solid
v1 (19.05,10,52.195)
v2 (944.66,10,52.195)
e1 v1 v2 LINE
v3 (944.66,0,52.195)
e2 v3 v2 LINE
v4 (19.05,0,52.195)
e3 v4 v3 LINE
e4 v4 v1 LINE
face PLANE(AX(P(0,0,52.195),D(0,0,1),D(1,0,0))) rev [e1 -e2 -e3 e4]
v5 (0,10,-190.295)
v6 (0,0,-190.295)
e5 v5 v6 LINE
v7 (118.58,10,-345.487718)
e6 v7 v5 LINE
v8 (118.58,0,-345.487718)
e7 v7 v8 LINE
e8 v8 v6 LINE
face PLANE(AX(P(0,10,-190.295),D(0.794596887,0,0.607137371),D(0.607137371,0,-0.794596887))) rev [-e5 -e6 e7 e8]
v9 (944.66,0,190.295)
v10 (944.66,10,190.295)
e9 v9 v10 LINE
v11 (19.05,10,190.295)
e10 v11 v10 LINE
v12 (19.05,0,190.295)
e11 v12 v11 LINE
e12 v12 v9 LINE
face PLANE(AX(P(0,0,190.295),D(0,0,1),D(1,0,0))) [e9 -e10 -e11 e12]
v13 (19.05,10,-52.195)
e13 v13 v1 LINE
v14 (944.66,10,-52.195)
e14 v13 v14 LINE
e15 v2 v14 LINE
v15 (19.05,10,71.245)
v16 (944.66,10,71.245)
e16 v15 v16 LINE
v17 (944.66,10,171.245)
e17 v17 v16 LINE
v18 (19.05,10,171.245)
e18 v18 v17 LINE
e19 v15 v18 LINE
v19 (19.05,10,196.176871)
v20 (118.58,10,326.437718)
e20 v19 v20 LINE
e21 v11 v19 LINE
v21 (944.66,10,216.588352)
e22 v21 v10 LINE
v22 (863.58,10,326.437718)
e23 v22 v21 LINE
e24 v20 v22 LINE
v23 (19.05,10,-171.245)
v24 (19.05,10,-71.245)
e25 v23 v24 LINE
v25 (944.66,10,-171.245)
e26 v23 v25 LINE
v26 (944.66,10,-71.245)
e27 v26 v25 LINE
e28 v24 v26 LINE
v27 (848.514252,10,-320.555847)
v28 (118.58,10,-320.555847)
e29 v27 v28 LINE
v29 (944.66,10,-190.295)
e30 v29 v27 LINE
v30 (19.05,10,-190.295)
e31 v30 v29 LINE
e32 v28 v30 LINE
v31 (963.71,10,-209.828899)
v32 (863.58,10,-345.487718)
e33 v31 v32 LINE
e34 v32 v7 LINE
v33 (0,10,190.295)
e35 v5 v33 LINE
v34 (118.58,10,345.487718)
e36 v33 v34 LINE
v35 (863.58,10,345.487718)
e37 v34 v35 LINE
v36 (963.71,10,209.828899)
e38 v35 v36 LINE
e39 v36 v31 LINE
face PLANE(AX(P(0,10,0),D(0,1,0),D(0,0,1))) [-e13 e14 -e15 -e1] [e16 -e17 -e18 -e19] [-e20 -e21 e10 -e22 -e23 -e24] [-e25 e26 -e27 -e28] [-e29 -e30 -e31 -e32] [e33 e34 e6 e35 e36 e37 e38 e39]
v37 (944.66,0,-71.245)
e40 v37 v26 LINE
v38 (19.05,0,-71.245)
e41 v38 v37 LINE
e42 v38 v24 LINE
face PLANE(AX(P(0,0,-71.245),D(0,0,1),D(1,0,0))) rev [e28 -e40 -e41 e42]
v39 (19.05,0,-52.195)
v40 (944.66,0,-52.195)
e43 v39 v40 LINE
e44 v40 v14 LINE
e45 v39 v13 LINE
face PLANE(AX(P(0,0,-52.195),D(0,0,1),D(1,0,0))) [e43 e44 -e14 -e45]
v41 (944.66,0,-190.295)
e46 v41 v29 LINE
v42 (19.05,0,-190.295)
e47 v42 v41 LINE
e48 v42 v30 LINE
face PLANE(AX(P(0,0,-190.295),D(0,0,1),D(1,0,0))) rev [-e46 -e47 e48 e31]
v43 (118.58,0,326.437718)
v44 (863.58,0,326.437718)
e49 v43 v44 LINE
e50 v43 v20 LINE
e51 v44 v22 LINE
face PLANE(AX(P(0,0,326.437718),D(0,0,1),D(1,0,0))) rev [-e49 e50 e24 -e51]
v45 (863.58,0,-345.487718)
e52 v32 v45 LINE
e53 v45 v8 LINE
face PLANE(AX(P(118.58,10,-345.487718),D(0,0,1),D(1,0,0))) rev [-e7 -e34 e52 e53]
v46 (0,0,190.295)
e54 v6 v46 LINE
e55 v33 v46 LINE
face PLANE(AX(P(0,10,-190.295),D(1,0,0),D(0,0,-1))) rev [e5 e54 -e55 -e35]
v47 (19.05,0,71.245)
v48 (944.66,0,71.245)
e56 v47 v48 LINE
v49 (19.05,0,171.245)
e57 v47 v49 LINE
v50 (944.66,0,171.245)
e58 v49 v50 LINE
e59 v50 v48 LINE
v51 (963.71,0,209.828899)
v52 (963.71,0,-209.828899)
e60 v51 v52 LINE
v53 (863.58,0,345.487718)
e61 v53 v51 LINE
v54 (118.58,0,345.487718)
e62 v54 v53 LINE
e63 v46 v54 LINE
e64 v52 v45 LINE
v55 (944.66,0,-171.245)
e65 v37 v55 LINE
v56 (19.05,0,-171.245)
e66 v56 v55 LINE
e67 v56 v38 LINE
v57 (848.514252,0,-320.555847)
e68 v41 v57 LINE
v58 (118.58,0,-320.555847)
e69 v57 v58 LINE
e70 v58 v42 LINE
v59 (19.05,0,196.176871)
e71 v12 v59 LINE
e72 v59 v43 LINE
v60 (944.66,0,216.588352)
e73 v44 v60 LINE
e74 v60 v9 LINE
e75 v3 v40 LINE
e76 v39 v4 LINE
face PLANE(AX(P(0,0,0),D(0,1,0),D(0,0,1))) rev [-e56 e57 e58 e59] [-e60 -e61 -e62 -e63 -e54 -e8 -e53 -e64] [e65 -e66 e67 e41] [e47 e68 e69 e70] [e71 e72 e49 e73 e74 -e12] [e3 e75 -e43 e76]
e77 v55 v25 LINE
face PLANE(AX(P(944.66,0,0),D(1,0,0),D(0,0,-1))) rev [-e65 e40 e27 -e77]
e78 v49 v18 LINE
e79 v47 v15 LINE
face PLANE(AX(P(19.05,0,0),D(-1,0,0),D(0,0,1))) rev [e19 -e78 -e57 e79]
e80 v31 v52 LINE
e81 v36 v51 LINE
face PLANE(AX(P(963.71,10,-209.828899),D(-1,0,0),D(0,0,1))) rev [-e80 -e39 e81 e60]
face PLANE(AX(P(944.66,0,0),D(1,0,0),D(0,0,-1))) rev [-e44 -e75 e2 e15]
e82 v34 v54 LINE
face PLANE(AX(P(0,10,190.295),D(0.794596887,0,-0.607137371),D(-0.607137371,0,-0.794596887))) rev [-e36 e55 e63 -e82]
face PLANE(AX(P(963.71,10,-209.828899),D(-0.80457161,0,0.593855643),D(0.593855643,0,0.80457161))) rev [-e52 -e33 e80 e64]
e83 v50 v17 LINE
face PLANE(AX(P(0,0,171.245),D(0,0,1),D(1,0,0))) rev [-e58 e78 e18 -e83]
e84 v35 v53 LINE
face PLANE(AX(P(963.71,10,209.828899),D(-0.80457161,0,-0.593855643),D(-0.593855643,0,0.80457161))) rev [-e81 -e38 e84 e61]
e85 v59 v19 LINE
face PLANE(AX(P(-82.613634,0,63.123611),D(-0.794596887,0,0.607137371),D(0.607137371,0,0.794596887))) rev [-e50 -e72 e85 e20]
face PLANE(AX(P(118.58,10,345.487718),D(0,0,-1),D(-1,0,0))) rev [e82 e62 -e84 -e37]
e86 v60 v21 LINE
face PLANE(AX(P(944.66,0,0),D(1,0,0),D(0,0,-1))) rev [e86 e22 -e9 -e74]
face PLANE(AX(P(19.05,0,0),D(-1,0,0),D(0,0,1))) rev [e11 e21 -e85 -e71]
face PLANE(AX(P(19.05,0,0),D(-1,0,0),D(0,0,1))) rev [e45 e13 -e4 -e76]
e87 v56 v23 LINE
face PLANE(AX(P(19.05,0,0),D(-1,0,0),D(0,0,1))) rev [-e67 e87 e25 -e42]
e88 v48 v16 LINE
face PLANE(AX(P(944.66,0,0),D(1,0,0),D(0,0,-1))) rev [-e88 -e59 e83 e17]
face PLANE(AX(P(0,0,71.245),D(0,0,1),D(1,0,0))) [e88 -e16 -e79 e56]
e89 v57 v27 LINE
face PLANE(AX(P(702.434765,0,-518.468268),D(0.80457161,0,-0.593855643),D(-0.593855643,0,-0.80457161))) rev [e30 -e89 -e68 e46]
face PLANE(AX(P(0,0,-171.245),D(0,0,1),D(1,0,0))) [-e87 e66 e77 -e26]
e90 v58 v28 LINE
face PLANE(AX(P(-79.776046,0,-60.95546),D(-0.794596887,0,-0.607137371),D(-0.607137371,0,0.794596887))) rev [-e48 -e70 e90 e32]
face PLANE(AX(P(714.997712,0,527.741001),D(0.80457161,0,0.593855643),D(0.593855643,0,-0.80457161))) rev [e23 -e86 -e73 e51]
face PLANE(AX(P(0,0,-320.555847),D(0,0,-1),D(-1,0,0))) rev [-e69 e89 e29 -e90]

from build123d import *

# Parameters (mm, degrees)
BOSS_EXTRUDE1_DEPTH = 10
CUT_EXTRUDE1_DEPTH  = 10
BOSS_EXTRUDE3_START = -20
SKETCH7_W           = 80
SKETCH7_H           = 80
BOSS_EXTRUDE3_DEPTH = 30
SKETCH8_W           = 925.61
SKETCH8_H           = 100
SKETCH8_H_2         = 104.39
SKETCH8_W_2         = 80
SKETCH8_H_3         = 80
CUT_EXTRUDE6_DEPTH  = 10


with BuildPart() as part:
    # Sketch2 → Boss-Extrude1 (new body)
    with BuildSketch(Plane(origin=(0, 0, 0), x_dir=(1, 0, 0), z_dir=(0, 1, 0))):
        Polygon((118.58, 345.487717935), (863.58, 345.487717935), (963.71, 209.828898833), (963.71, -209.828898833), (863.58, -345.487717935), (118.58, -345.487717935), (0, -190.295), (0, 190.295), align=None)
    extrude(amount=BOSS_EXTRUDE1_DEPTH)

    # Sketch3 → Cut-Extrude1 (cut)
    with BuildSketch(Plane(origin=(0, 10, 0), x_dir=(1, 0, 0), z_dir=(0, 1, 0))):
        with BuildLine():
            Line((340, -245.487717935), (340, -279.772016162))
            Line((340, -279.772016162), (341.671796469, -281.959995904))
            ThreePointArc((341.671796469, -281.959995904), (371.660256421, -306.647976918), (409.484364019, -315.487717935))
            Line((409.484364019, -315.487717935), (542.385502063, -315.487717935))
            Line((542.385502063, -315.487717935), (542.385502063, -245.487717935))
            Line((542.385502063, -245.487717935), (340, -245.487717935))
        make_face()
    cut_extrude1 = extrude(amount=-CUT_EXTRUDE1_DEPTH, mode=Mode.SUBTRACT)

    # Sketch7 → Boss-Extrude3 (add)
    with BuildSketch(Plane(origin=(0, 10, 0), x_dir=(1, 0, 0), z_dir=(0, 1, 0)).offset(BOSS_EXTRUDE3_START)):
        with Locations((89.309431631, -0.676064103)):
            Rectangle(SKETCH7_W, SKETCH7_H)
    boss_extrude3 = extrude(amount=BOSS_EXTRUDE3_DEPTH)

    # Mirror2: Boss-Extrude3 across plane
    add(boss_extrude3.mirror(Plane.ZY.offset(-481.855)))

    # Mirror3: Cut-Extrude1 across plane
    add(cut_extrude1.mirror(Plane.XY), mode=Mode.SUBTRACT)

    # Sketch8 → Cut-Extrude6 (cut)
    with BuildSketch(Plane(origin=(0, 10, 0), x_dir=(1, 0, 0), z_dir=(0, 1, 0))):
        Polygon((848.514252318, 320.555846821), (118.58, 320.555846821), (19.05, 190.295), (944.66, 190.295), align=None)
        with BuildLine():
            Line((409.484364019, 315.487717935), (542.385502063, 315.487717935))
            Line((542.385502063, 315.487717935), (542.385502063, 245.487717935))
            Line((542.385502063, 245.487717935), (340, 245.487717935))
            Line((340, 245.487717935), (340, 279.772016162))
            Line((340, 279.772016162), (341.671796469, 281.959995904))
            ThreePointArc((341.671796469, 281.959995904), (371.660256421, 306.647976918), (409.484364019, 315.487717935))
        make_face(mode=Mode.SUBTRACT)
        with Locations((481.855, 121.245)):
            Rectangle(SKETCH8_W, SKETCH8_H)
        with Locations((481.855, 0)):
            Rectangle(SKETCH8_W, SKETCH8_H_2)
        with Locations((89.309431631, -0.676064103)):
            Rectangle(SKETCH8_W_2, SKETCH8_H_3, mode=Mode.SUBTRACT)
        with Locations((874.400568369, -0.676064103)):
            Rectangle(SKETCH8_W_2, SKETCH8_H_3, mode=Mode.SUBTRACT)
        with Locations((481.855, -121.245)):
            Rectangle(SKETCH8_W, SKETCH8_H)
        Polygon((944.66, -190.295), (19.05, -190.295), (19.05, -196.176871114), (118.58, -326.437717935), (863.58, -326.437717935), (944.66, -216.588351584), align=None)
        with BuildLine():
            Line((340, -279.772016162), (340, -245.487717935))
            Line((340, -245.487717935), (542.385502063, -245.487717935))
            Line((542.385502063, -245.487717935), (542.385502063, -315.487717935))
            Line((542.385502063, -315.487717935), (409.484364019, -315.487717935))
            ThreePointArc((409.484364019, -315.487717935), (371.660256421, -306.647976918), (341.671796469, -281.959995904))
            Line((341.671796469, -281.959995904), (340, -279.772016162))
        make_face(mode=Mode.SUBTRACT)
    extrude(amount=-CUT_EXTRUDE6_DEPTH, mode=Mode.SUBTRACT)


with BuildPart() as body_2:
    # of the pieces the cut leaves, the one that is kept (cut_extrude6_keep)
    add(part.part.solids().sort_by_distance((118.58, 0, -345.487717935))[0])


solid = body_2.part
